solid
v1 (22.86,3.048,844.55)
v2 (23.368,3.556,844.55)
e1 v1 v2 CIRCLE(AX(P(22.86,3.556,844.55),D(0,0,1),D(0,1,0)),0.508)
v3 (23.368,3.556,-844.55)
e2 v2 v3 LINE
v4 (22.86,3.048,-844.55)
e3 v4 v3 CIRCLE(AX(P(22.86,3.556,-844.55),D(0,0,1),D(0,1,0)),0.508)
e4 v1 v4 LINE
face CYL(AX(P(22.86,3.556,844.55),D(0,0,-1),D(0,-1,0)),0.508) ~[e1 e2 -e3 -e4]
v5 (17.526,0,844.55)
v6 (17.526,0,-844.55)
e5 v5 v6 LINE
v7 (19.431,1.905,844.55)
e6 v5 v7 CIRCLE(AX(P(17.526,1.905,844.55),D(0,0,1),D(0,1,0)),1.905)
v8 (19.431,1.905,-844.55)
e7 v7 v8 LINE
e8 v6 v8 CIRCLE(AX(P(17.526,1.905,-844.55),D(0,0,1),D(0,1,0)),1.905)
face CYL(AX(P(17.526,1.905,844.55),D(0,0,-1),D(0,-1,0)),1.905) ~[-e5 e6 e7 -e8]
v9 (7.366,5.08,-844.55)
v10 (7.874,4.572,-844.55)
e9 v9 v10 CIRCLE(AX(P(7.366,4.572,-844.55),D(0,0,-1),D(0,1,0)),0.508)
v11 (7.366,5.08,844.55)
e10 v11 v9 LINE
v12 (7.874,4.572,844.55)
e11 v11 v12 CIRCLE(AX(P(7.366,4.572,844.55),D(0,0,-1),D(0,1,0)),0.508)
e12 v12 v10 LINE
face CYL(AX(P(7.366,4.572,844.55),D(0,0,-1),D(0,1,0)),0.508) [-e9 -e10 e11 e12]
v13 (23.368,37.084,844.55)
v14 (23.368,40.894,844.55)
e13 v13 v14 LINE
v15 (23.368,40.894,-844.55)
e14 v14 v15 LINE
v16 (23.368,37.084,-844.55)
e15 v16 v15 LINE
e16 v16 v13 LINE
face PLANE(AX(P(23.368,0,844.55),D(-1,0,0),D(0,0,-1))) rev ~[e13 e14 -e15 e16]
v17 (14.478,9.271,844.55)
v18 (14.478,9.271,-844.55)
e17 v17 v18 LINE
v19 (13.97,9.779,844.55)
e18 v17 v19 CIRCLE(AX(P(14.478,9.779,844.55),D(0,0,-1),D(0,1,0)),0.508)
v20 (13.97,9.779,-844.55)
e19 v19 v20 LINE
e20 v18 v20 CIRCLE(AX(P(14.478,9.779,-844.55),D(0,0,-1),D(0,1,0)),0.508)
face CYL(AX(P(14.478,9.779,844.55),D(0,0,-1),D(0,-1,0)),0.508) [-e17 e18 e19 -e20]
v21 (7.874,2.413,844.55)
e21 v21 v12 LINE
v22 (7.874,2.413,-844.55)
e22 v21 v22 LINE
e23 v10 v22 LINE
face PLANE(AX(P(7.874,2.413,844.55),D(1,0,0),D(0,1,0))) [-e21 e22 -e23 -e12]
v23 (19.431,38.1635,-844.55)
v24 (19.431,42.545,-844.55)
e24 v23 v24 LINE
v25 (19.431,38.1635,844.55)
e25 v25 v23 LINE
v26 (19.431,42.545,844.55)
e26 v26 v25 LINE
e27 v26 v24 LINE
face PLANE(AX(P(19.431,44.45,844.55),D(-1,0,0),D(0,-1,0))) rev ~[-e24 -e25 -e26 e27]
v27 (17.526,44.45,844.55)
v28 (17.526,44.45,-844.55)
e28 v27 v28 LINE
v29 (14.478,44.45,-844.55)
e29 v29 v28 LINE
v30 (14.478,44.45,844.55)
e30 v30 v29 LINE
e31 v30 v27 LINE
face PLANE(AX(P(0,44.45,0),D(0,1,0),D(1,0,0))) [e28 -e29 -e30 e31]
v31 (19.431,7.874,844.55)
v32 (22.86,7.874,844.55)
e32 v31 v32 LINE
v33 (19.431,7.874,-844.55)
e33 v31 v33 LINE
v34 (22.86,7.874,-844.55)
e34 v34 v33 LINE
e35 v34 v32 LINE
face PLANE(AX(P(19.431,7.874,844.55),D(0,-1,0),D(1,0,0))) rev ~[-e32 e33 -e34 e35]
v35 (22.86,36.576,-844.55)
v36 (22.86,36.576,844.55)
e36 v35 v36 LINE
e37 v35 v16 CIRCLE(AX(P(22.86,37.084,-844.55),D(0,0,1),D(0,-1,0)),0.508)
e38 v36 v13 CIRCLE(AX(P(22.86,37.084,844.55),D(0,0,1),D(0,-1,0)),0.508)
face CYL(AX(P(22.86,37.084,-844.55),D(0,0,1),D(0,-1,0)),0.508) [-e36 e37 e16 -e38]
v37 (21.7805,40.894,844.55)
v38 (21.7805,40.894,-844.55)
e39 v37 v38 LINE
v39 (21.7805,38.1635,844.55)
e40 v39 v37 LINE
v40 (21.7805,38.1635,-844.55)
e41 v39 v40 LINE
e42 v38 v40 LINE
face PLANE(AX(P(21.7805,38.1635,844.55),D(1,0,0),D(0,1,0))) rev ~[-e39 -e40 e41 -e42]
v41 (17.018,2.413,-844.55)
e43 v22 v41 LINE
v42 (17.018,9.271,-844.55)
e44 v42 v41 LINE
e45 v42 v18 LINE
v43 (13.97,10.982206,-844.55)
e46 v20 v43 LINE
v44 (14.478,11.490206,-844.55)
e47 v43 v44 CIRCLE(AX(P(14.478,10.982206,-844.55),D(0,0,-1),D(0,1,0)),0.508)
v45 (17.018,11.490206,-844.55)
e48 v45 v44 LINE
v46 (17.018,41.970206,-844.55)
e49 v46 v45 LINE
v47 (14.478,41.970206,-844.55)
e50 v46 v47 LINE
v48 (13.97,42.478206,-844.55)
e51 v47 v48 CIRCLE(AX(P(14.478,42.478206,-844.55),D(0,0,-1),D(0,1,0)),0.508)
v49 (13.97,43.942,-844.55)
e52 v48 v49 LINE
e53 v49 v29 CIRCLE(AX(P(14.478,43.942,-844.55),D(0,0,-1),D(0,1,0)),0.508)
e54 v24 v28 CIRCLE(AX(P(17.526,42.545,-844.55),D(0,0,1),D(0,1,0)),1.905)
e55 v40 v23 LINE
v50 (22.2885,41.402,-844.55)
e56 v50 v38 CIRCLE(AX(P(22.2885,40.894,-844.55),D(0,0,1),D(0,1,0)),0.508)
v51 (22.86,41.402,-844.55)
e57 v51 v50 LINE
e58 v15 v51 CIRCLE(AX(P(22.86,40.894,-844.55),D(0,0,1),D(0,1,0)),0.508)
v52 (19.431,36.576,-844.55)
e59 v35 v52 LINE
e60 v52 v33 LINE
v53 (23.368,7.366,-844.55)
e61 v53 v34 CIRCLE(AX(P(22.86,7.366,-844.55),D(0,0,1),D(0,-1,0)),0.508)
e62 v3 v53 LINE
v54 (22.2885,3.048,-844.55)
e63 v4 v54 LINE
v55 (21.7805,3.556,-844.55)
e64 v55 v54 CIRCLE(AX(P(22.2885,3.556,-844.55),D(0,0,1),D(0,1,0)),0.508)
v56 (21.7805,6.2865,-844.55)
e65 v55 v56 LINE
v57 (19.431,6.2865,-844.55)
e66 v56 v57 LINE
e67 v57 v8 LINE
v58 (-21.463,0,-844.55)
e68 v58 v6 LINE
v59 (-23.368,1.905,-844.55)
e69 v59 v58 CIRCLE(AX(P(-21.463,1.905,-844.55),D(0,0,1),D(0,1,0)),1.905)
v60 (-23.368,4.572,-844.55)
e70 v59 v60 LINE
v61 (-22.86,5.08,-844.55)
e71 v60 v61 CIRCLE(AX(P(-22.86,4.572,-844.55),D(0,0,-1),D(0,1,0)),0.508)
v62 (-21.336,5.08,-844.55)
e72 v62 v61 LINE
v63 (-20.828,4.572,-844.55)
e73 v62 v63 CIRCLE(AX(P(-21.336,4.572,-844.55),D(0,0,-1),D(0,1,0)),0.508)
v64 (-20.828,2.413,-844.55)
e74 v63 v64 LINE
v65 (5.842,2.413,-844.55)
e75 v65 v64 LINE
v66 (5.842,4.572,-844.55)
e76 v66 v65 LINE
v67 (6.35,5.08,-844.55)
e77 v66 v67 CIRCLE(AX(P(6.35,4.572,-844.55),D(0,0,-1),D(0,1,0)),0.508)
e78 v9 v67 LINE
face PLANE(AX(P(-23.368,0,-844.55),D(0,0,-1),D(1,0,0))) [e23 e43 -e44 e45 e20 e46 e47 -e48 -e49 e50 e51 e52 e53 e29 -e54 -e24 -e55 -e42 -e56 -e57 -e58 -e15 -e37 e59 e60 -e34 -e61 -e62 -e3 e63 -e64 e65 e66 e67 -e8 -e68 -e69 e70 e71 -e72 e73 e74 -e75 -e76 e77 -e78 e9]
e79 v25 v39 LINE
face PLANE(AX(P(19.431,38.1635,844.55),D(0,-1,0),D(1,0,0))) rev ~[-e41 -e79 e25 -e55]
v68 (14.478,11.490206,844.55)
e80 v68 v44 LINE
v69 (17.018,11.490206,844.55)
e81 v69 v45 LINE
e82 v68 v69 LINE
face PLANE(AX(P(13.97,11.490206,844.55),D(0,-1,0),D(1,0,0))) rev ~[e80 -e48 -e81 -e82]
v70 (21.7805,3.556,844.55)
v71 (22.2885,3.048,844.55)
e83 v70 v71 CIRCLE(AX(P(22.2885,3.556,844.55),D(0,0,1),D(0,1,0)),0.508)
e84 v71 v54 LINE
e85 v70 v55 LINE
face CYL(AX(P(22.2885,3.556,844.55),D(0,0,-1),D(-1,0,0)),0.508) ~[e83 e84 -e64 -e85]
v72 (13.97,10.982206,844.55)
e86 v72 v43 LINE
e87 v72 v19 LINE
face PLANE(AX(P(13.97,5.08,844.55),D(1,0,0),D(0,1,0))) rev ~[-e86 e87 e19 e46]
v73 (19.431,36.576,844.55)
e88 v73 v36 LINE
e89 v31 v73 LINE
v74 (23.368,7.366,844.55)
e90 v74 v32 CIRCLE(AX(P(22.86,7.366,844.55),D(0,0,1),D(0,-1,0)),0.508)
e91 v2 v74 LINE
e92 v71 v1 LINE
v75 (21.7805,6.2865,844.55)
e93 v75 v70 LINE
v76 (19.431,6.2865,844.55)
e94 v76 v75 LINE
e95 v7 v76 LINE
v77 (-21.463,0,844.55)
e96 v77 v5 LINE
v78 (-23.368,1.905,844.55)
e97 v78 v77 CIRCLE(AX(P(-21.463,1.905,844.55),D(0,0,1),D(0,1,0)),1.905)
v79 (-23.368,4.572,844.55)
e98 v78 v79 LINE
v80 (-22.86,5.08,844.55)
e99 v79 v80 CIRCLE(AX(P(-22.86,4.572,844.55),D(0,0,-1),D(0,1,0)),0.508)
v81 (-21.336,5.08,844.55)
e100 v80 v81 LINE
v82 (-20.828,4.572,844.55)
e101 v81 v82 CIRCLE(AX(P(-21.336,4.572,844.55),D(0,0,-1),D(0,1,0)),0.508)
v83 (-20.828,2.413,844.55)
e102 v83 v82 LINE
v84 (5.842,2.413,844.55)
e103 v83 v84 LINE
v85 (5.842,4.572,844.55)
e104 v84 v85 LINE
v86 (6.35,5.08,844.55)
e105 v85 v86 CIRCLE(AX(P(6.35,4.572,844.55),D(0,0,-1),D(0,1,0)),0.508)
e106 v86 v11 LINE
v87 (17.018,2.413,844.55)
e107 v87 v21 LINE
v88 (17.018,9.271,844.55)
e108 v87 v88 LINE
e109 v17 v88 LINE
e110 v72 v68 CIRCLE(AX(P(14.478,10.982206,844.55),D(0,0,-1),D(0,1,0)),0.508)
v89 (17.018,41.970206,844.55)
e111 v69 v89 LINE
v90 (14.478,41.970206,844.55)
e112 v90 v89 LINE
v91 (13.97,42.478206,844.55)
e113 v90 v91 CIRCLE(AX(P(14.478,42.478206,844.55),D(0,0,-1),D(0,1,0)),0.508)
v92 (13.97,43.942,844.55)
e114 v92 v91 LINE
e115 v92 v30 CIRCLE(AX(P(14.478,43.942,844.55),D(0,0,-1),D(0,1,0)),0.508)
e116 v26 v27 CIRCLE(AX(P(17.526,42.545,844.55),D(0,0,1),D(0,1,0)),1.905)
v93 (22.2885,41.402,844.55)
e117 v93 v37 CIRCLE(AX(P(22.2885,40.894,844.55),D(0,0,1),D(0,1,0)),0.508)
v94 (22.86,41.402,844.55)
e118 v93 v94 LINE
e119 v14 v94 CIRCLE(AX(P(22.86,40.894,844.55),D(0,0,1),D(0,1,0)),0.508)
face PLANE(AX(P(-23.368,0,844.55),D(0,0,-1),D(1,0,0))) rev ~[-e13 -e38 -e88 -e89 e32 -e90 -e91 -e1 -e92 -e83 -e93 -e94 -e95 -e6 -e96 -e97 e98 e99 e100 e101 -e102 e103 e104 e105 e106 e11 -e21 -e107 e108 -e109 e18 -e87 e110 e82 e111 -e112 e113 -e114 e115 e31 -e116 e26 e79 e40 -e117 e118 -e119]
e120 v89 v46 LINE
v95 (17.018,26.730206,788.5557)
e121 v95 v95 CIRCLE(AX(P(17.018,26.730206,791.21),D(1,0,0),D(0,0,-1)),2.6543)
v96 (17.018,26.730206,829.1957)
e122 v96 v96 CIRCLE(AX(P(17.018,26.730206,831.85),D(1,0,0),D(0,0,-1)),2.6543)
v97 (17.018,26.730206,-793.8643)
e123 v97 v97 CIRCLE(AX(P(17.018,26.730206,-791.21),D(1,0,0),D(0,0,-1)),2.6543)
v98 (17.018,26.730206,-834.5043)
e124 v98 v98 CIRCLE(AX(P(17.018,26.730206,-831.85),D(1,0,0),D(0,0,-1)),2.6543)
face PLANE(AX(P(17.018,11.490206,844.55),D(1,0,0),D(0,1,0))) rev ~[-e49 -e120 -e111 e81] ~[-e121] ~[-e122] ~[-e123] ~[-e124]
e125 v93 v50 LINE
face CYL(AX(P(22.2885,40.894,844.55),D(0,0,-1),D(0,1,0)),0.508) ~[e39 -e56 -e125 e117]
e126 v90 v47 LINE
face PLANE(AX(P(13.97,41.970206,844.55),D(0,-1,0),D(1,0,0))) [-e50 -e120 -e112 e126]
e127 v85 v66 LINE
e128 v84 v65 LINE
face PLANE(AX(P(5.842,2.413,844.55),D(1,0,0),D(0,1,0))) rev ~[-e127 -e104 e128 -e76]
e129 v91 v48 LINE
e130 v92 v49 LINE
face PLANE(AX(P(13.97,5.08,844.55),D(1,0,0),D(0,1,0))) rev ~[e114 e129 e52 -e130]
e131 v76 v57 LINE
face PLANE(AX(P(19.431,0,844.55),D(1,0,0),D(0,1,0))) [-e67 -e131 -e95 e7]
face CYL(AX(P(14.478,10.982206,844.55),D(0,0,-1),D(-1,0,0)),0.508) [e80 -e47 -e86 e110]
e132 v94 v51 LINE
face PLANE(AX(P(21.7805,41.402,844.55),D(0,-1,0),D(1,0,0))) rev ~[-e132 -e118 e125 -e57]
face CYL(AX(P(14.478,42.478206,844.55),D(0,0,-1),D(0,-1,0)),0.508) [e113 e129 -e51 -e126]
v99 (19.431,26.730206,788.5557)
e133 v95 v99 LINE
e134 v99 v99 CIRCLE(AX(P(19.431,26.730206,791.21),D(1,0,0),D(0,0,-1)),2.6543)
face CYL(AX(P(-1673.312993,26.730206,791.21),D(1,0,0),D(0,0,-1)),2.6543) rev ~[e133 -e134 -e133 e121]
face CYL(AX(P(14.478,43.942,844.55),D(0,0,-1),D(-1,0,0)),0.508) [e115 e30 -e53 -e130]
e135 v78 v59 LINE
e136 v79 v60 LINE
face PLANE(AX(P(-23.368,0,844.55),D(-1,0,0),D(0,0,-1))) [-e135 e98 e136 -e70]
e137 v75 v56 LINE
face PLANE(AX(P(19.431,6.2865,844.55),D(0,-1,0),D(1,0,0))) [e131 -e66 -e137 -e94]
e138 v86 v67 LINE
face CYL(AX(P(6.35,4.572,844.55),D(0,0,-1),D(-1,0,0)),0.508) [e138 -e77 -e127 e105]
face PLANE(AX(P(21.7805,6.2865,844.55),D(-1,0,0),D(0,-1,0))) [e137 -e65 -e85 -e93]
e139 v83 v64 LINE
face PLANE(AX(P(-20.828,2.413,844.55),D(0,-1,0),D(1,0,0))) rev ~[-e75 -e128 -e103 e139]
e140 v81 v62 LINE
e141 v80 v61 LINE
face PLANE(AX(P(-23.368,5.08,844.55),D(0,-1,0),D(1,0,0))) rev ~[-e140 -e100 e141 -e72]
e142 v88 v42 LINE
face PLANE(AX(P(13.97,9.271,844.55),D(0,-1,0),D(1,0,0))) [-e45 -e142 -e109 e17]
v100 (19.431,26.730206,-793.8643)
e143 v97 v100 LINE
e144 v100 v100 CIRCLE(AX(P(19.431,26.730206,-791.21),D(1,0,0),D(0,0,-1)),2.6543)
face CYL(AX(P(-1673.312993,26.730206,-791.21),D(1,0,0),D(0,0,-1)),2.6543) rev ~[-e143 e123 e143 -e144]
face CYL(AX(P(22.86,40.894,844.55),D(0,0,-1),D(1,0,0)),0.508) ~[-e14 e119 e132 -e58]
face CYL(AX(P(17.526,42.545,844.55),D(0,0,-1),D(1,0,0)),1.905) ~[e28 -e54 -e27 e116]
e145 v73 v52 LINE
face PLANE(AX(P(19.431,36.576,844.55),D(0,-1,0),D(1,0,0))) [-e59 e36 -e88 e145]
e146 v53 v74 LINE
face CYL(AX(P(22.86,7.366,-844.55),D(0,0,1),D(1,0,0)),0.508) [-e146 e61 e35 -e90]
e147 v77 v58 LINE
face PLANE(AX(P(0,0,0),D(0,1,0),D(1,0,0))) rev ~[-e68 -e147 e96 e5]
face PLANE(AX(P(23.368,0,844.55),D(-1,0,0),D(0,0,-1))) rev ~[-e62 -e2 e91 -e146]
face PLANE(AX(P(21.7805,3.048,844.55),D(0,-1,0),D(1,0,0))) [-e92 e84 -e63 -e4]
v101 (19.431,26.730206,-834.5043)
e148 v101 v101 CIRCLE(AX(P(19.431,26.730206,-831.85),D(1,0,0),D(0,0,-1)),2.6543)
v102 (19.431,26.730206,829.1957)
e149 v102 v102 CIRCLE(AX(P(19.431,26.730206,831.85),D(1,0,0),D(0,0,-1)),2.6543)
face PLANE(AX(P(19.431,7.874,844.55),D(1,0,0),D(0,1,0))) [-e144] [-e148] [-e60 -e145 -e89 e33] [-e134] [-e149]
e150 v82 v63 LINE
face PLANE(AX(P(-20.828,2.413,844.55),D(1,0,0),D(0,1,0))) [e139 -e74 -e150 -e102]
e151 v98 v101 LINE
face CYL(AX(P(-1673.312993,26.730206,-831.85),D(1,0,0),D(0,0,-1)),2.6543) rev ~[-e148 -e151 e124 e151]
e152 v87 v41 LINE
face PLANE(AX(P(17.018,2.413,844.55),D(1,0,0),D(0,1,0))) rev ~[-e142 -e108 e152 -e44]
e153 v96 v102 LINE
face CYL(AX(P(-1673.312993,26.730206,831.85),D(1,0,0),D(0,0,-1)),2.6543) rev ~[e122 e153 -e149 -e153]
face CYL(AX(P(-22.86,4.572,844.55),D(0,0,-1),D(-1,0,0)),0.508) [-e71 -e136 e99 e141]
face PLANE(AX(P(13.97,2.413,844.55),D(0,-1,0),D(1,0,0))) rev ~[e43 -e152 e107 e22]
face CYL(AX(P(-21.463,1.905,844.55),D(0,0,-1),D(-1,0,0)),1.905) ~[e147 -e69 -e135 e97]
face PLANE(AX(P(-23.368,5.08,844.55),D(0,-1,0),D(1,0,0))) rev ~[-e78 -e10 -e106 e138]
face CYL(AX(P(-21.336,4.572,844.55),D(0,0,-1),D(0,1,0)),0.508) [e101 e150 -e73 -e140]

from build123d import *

# Parameters (mm, degrees)
MAIN_W                 = 46.736
MAIN_H                 = 1689.1
EXTRUDE_MAIN_DEPTH     = 44.45
MAIN_CUT_W             = 37.338
MAIN_CUT_H             = 39.37
CUT_MAIN_DEPTH         = 1690.846346839
BOTTOM_LEFT_W          = 26.67
BOTTOM_LEFT_H          = 2.667
CUT_BOTTOM_LEFT_DEPTH  = 1690.846346839
BOTTOM_RIGHT_W         = 6.096
BOTTOM_RIGHT_H         = 2.667
CUT_BOTTOM_RIGHT_DEPTH = 1690.846346839
LEFT_BOTTOM_W          = 3.048
LEFT_BOTTOM_H          = 6.858
CUT_LEFT_BOTTOM_DEPTH  = 1690.846346839
LEFT_MIDDLE_W          = 3.048
LEFT_MIDDLE_H          = 30.48
CUT_LEFT_MID_DEPTH     = 1690.846346839
RIGHT_MIDDLE_W         = 7.874
RIGHT_MIDDLE_H         = 28.702
CUT_RIGHT_MID_DEPTH    = 1690.846346839
HOOK_CUT_DEPTH         = 1690.846346839
FILLET3_R              = 1.905
FILLET4_R              = 0.508
SCREW_HOLES_D          = 5.3086


with BuildPart() as part:
    # Main → Extrude-Main (new body)
    with BuildSketch(Plane(origin=(0, 0, 0), x_dir=(1, 0, 0), z_dir=(0, 1, 0))):
        Rectangle(MAIN_W, MAIN_H)
    extrude(amount=EXTRUDE_MAIN_DEPTH)

    # Main Cut → Cut-Main (cut, through all)
    with BuildSketch(Plane.XY.offset(844.55)):
        with Locations((-4.699, 24.765)):
            Rectangle(MAIN_CUT_W, MAIN_CUT_H)
    extrude(amount=-CUT_MAIN_DEPTH, mode=Mode.SUBTRACT)

    # Bottom Left → Cut-Bottom Left (cut, through all)
    with BuildSketch(Plane.XY.offset(844.55)):
        with Locations((-7.493, 3.7465)):
            Rectangle(BOTTOM_LEFT_W, BOTTOM_LEFT_H)
    extrude(amount=-CUT_BOTTOM_LEFT_DEPTH, mode=Mode.SUBTRACT)

    # Bottom Right → Cut-Bottom Right (cut, through all)
    with BuildSketch(Plane.XY.offset(844.55)):
        with Locations((10.922, 3.7465)):
            Rectangle(BOTTOM_RIGHT_W, BOTTOM_RIGHT_H)
    extrude(amount=-CUT_BOTTOM_RIGHT_DEPTH, mode=Mode.SUBTRACT)

    # Left Bottom → Cut-Left Bottom (cut, through all)
    with BuildSketch(Plane.XY.offset(844.55)):
        with Locations((15.494, 5.842)):
            Rectangle(LEFT_BOTTOM_W, LEFT_BOTTOM_H)
    extrude(amount=-CUT_LEFT_BOTTOM_DEPTH, mode=Mode.SUBTRACT)

    # Left Middle → Cut-Left Mid (cut, through all)
    with BuildSketch(Plane.XY.offset(844.55)):
        with Locations((15.494, 26.730206209)):
            Rectangle(LEFT_MIDDLE_W, LEFT_MIDDLE_H)
    extrude(amount=-CUT_LEFT_MID_DEPTH, mode=Mode.SUBTRACT)

    # Right Middle → Cut-Right Mid (cut, through all)
    with BuildSketch(Plane.XY.offset(844.55)):
        with Locations((23.368, 22.225)):
            Rectangle(RIGHT_MIDDLE_W, RIGHT_MIDDLE_H)
    extrude(amount=-CUT_RIGHT_MID_DEPTH, mode=Mode.SUBTRACT)

    # Hooks → Hook Cut (cut, through all)
    with BuildSketch(Plane.XY.offset(844.55)):
        Polygon((19.431, 44.45), (19.431, 38.1635), (21.7805, 38.1635), (21.7805, 41.402), (23.368, 41.402), (23.368, 44.45), align=None)
        Polygon((23.368, 3.048), (23.368, 0), (19.431, 0), (19.431, 6.2865), (21.7805, 6.2865), (21.7805, 3.048), align=None)
    extrude(amount=-HOOK_CUT_DEPTH, mode=Mode.SUBTRACT)

    # Fillet3
    fillet3_edges = [part.edges().sort_by_distance(p)[0] for p in [
        (19.431, 44.45, 0),
        (19.431, 0, 0),
        (-23.368, 0, 0),
    ]]
    fillet(fillet3_edges, radius=FILLET3_R)

    # Fillet4
    fillet4_edges = [part.edges().sort_by_distance(p)[0] for p in [
        (23.368, 41.402, 0),
        (21.7805, 41.402, 0),
        (21.7805, 3.048, 0),
        (23.368, 3.048, 0),
        (-23.368, 5.08, 0),
        (13.97, 44.45, 0),
        (-20.828, 5.08, 0),
        (5.842, 5.08, 0),
        (7.874, 5.08, 0),
        (13.97, 9.271, 0),
        (13.97, 11.490206209, 0),
        (13.97, 41.970206209, 0),
        (23.368, 36.576, 0),
        (23.368, 7.874, 0),
    ]]
    fillet(fillet4_edges, radius=FILLET4_R)

    # Screw Holes (through all)
    with Locations(Plane.ZY.offset(-17.018)):
        with Locations((-791.21, 26.730206209), (831.85, 26.730206209), (791.21, 26.730206209), (-831.85, 26.730206209)):
            Hole(SCREW_HOLES_D / 2)


solid = part.part
